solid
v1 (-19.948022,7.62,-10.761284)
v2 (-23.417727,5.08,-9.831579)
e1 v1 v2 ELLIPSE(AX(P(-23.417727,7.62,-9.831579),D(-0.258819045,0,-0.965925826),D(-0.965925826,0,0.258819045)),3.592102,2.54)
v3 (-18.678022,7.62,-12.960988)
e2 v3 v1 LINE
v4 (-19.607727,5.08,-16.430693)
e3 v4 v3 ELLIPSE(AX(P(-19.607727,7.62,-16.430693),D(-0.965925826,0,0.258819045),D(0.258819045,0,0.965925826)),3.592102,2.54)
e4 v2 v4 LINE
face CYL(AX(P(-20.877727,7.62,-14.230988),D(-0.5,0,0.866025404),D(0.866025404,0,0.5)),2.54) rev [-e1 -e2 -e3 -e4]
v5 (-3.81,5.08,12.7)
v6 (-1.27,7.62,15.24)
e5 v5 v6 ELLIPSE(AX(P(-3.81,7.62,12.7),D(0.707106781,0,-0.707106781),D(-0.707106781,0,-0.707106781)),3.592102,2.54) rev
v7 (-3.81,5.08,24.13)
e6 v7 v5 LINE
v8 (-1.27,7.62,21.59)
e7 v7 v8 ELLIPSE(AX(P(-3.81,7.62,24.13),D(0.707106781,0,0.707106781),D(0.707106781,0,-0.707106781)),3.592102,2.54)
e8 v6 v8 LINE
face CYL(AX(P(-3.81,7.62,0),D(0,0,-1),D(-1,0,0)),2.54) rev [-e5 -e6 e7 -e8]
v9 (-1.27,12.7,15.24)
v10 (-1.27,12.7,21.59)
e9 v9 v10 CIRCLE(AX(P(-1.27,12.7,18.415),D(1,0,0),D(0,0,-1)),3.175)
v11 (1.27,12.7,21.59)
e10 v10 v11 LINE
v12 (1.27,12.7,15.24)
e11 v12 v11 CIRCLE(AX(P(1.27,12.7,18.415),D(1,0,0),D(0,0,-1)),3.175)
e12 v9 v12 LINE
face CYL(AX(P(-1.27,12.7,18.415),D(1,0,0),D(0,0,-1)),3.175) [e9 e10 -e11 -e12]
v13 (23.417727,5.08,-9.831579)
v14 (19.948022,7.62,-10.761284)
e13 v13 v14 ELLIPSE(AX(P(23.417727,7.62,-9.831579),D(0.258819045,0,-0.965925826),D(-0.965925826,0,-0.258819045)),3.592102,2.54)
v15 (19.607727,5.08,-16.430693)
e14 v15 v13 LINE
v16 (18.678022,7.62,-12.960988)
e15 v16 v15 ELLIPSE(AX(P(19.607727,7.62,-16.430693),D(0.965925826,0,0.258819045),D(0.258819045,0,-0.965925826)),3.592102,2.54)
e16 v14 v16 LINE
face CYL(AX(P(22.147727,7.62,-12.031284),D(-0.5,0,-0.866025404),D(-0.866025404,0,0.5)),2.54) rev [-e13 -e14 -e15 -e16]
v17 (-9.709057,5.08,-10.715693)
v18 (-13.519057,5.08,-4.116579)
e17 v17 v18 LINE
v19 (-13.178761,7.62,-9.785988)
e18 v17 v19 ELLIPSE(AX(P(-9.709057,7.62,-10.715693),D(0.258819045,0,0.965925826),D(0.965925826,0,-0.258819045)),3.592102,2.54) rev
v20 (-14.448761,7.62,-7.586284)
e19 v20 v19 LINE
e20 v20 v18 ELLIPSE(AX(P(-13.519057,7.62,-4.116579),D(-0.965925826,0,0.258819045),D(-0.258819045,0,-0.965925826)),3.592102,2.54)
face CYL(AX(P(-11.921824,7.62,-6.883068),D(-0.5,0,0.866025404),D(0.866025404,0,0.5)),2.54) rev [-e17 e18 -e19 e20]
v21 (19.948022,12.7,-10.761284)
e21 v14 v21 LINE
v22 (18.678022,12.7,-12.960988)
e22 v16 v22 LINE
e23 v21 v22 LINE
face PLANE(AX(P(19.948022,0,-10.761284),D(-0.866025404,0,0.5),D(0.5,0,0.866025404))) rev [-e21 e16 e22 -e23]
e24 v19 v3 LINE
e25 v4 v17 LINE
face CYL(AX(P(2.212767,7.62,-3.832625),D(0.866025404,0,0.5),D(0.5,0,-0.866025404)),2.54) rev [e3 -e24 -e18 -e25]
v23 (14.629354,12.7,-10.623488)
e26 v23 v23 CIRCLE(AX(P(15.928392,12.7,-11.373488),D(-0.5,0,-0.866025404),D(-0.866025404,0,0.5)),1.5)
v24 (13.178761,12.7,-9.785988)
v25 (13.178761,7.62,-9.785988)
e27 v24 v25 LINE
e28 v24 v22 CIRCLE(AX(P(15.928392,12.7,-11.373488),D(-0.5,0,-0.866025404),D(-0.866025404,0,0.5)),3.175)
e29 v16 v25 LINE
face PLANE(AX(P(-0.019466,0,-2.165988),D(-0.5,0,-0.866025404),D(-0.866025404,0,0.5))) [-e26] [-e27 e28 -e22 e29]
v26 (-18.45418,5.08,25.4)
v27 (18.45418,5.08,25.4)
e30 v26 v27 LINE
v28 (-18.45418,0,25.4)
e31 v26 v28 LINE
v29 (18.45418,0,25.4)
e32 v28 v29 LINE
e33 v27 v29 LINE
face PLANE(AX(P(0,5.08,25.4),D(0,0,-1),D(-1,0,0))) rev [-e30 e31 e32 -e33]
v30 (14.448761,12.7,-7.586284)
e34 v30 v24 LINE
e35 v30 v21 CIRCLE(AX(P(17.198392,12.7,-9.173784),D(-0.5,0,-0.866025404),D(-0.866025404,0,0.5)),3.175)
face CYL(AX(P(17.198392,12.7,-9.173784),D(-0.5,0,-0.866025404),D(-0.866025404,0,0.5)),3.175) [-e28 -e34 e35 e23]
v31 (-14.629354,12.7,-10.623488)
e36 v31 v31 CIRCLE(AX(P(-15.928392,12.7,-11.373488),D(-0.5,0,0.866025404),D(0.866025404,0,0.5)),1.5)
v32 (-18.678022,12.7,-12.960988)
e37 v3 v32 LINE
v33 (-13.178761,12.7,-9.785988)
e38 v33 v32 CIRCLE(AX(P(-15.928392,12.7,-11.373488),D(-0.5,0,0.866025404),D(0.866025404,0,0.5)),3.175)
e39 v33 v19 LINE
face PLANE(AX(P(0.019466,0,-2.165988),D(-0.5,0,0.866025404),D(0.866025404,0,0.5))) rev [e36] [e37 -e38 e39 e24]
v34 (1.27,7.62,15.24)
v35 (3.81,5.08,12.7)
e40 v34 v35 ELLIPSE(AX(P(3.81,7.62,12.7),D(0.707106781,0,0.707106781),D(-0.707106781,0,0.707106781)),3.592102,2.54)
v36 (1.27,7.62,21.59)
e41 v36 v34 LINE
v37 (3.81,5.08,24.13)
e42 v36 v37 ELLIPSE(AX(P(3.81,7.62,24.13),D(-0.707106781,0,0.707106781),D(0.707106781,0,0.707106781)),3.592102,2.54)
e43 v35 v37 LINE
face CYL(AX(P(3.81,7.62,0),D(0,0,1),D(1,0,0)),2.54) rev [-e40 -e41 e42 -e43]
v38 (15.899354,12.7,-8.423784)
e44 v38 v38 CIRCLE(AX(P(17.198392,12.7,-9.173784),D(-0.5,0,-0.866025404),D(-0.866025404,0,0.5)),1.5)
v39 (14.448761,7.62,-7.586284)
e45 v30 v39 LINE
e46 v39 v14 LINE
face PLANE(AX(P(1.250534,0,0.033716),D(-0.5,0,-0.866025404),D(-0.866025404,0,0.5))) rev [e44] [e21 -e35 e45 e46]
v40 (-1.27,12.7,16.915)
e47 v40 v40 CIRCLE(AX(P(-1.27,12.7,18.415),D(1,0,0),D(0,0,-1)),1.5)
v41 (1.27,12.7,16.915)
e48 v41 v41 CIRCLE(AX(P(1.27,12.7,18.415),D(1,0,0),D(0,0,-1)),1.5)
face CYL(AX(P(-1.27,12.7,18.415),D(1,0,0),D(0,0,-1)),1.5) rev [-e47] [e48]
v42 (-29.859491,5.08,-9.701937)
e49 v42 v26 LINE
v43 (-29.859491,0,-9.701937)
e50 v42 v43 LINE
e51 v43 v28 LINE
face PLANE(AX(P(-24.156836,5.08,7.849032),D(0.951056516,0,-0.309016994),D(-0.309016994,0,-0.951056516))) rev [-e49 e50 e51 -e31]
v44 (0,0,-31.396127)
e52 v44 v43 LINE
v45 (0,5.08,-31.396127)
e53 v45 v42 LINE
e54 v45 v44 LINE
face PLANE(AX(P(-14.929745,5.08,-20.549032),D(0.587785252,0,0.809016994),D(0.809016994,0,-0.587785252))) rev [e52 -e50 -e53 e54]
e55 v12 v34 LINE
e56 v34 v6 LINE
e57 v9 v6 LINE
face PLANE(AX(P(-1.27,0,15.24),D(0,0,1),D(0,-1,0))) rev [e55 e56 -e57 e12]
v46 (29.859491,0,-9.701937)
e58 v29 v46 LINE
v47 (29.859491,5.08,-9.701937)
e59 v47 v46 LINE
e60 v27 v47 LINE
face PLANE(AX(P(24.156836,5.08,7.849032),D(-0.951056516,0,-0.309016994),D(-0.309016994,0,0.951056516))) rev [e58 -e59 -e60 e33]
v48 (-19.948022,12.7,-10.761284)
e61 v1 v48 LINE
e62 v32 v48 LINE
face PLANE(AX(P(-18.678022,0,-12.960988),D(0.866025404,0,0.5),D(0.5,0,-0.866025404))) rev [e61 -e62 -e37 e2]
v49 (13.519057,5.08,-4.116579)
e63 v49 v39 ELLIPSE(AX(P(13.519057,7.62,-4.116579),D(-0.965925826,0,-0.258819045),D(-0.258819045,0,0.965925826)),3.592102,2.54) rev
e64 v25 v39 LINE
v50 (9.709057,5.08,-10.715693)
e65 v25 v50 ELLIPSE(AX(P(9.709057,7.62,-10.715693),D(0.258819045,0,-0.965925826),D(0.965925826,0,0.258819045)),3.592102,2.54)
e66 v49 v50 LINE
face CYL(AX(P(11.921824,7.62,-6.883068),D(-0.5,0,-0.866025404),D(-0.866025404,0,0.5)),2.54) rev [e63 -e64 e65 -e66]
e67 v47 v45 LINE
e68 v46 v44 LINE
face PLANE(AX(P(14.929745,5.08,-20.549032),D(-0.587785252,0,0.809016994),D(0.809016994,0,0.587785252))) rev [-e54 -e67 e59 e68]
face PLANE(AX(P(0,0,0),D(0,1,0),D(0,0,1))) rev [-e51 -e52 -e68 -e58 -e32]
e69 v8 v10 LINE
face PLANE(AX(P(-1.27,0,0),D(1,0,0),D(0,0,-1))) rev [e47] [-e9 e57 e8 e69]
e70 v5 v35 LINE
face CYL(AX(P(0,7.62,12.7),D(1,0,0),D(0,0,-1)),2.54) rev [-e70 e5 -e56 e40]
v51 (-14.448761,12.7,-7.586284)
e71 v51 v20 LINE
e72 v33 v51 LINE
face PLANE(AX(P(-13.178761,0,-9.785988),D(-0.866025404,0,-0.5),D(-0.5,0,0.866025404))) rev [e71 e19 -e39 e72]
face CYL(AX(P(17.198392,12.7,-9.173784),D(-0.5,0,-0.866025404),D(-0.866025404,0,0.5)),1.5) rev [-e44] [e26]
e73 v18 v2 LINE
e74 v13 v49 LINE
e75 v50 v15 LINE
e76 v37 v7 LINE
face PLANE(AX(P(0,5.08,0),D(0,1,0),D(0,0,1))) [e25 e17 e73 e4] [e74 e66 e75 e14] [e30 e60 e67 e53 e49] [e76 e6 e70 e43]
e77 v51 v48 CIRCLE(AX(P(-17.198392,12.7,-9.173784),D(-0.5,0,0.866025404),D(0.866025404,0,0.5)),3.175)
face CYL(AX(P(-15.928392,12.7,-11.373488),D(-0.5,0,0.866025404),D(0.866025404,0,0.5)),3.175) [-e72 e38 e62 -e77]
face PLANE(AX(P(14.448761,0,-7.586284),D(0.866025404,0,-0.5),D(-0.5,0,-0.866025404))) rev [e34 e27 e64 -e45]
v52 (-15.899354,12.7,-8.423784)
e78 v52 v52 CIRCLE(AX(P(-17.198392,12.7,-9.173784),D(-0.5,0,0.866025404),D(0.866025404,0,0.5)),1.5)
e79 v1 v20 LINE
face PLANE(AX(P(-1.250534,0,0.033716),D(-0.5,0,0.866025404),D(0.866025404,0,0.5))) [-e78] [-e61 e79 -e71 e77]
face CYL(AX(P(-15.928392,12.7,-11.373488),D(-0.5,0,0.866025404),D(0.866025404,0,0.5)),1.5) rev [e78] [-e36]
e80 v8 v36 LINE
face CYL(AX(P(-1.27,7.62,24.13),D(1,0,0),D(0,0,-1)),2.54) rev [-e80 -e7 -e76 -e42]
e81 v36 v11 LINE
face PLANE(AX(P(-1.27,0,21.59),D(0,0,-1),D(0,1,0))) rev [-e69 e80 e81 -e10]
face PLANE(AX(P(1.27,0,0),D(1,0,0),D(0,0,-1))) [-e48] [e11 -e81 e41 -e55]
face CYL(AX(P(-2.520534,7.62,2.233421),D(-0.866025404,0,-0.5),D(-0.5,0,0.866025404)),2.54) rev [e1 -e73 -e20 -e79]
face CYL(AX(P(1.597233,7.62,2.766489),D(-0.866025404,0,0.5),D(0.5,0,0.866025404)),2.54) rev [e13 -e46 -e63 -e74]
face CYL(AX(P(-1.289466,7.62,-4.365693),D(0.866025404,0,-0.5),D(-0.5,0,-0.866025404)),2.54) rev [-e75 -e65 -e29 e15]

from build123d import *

# Parameters (mm, degrees)
SKETCH2_R                = 25.4
BOSS_EXTRUDE1_DEPTH      = 5.08
SKETCH3_R                = 1.5
BOSS_EXTRUDE2_DEPTH      = 1.27
FILLET1_R                = 2.54
CIRPATTERN1_COUNT        = 3
FILLET1_OF_CIRPATTERN1_R = 2.54


with BuildPart() as part:
    # Sketch2 → Boss-Extrude1 (new body)
    with BuildSketch(Plane(origin=(0, 0, 0), x_dir=(1, 0, 0), z_dir=(0, 1, 0))):
        Circle(SKETCH2_R)
        with BuildLine():
            ThreePointArc((-14.929745343, 20.549031704), (-2.12e-07, 25.4), (14.929745, 20.549031953))
            Line((14.929745, 20.549031953), (0, 31.396126628))
            Line((0, 31.396126628), (-14.929745343, 20.549031704))
        make_face()
        with BuildLine():
            ThreePointArc((-24.156835493, -7.84903172), (-24.156835512, 7.849031664), (-14.929745343, 20.549031704))
            Line((-14.929745343, 20.549031704), (-29.859490816, 9.701936686))
            Line((-29.859490816, 9.701936686), (-24.156835493, -7.84903172))
        make_face()
        with BuildLine():
            Line((-18.454180211, -25.4), (-1.11e-07, -25.4))
            ThreePointArc((-1.11e-07, -25.4), (-14.929745427, -20.549031644), (-24.156835493, -7.84903172))
            Line((-24.156835493, -7.84903172), (-18.454180211, -25.4))
        make_face()
        with BuildLine():
            Line((18.454180211, -25.4), (24.156835424, -7.849031932))
            ThreePointArc((24.156835424, -7.849031932), (14.929745246, -20.549031775), (-1.11e-07, -25.4))
            Line((-1.11e-07, -25.4), (18.454180211, -25.4))
        make_face()
        with BuildLine():
            Line((24.156835424, -7.849031932), (29.859490816, 9.701936686))
            Line((29.859490816, 9.701936686), (14.929745, 20.549031953))
            ThreePointArc((14.929745, 20.549031953), (22.6315656, 11.531358918), (25.4, 0))
            ThreePointArc((25.4, 0), (25.087283828, -3.973435555), (24.156835424, -7.849031932))
        make_face()
    extrude(amount=BOSS_EXTRUDE1_DEPTH)

    # Sketch3 → Boss-Extrude2 (add, symmetric)
    with BuildSketch(Plane(origin=(0, 0, 0), x_dir=(0, 0, -1), z_dir=(1, 0, 0))):
        with BuildLine():
            Line((-21.59, 12.7), (-21.59, 5.08))
            Line((-21.59, 5.08), (-15.24, 5.08))
            Line((-15.24, 5.08), (-15.24, 12.7))
            ThreePointArc((-15.24, 12.7), (-18.415, 15.875), (-21.59, 12.7))
        make_face()
        with Locations((-18.415, 12.7)):
            Circle(SKETCH3_R, mode=Mode.SUBTRACT)
    boss_extrude2 = extrude(amount=BOSS_EXTRUDE2_DEPTH, both=True)

    # Fillet1
    fillet1_edges = [part.edges().sort_by_distance(p)[0] for p in [
        (0, 5.08, 15.24),
        (-1.27, 5.08, 18.415),
        (0, 5.08, 21.59),
        (1.27, 5.08, 18.415),
    ]]
    fillet(fillet1_edges, radius=FILLET1_R)

    # CirPattern1: Boss-Extrude2 ×3 about axis
    cirpattern1_axis = Axis((0, 0, -0.710757359), (0, 1, 0))
    for i in range(1, CIRPATTERN1_COUNT):
        add(boss_extrude2.rotate(cirpattern1_axis, i * 360 / CIRPATTERN1_COUNT))

    # Fillet1 of CirPattern1
    fillet1_of_cirpattern1_edges = [part.edges().sort_by_distance(p)[0] for p in [
        (13.813761083, 5.08, -8.686136039),
        (17.19839174, 5.08, -9.173783776),
        (19.313022397, 5.08, -11.861136039),
        (15.92839174, 5.08, -11.373488302),
        (-13.813761083, 5.08, -8.686136039),
        (-15.92839174, 5.08, -11.373488302),
        (-19.313022397, 5.08, -11.861136039),
        (-17.19839174, 5.08, -9.173783776),
    ]]
    fillet(fillet1_of_cirpattern1_edges, radius=FILLET1_OF_CIRPATTERN1_R)


solid = part.part
